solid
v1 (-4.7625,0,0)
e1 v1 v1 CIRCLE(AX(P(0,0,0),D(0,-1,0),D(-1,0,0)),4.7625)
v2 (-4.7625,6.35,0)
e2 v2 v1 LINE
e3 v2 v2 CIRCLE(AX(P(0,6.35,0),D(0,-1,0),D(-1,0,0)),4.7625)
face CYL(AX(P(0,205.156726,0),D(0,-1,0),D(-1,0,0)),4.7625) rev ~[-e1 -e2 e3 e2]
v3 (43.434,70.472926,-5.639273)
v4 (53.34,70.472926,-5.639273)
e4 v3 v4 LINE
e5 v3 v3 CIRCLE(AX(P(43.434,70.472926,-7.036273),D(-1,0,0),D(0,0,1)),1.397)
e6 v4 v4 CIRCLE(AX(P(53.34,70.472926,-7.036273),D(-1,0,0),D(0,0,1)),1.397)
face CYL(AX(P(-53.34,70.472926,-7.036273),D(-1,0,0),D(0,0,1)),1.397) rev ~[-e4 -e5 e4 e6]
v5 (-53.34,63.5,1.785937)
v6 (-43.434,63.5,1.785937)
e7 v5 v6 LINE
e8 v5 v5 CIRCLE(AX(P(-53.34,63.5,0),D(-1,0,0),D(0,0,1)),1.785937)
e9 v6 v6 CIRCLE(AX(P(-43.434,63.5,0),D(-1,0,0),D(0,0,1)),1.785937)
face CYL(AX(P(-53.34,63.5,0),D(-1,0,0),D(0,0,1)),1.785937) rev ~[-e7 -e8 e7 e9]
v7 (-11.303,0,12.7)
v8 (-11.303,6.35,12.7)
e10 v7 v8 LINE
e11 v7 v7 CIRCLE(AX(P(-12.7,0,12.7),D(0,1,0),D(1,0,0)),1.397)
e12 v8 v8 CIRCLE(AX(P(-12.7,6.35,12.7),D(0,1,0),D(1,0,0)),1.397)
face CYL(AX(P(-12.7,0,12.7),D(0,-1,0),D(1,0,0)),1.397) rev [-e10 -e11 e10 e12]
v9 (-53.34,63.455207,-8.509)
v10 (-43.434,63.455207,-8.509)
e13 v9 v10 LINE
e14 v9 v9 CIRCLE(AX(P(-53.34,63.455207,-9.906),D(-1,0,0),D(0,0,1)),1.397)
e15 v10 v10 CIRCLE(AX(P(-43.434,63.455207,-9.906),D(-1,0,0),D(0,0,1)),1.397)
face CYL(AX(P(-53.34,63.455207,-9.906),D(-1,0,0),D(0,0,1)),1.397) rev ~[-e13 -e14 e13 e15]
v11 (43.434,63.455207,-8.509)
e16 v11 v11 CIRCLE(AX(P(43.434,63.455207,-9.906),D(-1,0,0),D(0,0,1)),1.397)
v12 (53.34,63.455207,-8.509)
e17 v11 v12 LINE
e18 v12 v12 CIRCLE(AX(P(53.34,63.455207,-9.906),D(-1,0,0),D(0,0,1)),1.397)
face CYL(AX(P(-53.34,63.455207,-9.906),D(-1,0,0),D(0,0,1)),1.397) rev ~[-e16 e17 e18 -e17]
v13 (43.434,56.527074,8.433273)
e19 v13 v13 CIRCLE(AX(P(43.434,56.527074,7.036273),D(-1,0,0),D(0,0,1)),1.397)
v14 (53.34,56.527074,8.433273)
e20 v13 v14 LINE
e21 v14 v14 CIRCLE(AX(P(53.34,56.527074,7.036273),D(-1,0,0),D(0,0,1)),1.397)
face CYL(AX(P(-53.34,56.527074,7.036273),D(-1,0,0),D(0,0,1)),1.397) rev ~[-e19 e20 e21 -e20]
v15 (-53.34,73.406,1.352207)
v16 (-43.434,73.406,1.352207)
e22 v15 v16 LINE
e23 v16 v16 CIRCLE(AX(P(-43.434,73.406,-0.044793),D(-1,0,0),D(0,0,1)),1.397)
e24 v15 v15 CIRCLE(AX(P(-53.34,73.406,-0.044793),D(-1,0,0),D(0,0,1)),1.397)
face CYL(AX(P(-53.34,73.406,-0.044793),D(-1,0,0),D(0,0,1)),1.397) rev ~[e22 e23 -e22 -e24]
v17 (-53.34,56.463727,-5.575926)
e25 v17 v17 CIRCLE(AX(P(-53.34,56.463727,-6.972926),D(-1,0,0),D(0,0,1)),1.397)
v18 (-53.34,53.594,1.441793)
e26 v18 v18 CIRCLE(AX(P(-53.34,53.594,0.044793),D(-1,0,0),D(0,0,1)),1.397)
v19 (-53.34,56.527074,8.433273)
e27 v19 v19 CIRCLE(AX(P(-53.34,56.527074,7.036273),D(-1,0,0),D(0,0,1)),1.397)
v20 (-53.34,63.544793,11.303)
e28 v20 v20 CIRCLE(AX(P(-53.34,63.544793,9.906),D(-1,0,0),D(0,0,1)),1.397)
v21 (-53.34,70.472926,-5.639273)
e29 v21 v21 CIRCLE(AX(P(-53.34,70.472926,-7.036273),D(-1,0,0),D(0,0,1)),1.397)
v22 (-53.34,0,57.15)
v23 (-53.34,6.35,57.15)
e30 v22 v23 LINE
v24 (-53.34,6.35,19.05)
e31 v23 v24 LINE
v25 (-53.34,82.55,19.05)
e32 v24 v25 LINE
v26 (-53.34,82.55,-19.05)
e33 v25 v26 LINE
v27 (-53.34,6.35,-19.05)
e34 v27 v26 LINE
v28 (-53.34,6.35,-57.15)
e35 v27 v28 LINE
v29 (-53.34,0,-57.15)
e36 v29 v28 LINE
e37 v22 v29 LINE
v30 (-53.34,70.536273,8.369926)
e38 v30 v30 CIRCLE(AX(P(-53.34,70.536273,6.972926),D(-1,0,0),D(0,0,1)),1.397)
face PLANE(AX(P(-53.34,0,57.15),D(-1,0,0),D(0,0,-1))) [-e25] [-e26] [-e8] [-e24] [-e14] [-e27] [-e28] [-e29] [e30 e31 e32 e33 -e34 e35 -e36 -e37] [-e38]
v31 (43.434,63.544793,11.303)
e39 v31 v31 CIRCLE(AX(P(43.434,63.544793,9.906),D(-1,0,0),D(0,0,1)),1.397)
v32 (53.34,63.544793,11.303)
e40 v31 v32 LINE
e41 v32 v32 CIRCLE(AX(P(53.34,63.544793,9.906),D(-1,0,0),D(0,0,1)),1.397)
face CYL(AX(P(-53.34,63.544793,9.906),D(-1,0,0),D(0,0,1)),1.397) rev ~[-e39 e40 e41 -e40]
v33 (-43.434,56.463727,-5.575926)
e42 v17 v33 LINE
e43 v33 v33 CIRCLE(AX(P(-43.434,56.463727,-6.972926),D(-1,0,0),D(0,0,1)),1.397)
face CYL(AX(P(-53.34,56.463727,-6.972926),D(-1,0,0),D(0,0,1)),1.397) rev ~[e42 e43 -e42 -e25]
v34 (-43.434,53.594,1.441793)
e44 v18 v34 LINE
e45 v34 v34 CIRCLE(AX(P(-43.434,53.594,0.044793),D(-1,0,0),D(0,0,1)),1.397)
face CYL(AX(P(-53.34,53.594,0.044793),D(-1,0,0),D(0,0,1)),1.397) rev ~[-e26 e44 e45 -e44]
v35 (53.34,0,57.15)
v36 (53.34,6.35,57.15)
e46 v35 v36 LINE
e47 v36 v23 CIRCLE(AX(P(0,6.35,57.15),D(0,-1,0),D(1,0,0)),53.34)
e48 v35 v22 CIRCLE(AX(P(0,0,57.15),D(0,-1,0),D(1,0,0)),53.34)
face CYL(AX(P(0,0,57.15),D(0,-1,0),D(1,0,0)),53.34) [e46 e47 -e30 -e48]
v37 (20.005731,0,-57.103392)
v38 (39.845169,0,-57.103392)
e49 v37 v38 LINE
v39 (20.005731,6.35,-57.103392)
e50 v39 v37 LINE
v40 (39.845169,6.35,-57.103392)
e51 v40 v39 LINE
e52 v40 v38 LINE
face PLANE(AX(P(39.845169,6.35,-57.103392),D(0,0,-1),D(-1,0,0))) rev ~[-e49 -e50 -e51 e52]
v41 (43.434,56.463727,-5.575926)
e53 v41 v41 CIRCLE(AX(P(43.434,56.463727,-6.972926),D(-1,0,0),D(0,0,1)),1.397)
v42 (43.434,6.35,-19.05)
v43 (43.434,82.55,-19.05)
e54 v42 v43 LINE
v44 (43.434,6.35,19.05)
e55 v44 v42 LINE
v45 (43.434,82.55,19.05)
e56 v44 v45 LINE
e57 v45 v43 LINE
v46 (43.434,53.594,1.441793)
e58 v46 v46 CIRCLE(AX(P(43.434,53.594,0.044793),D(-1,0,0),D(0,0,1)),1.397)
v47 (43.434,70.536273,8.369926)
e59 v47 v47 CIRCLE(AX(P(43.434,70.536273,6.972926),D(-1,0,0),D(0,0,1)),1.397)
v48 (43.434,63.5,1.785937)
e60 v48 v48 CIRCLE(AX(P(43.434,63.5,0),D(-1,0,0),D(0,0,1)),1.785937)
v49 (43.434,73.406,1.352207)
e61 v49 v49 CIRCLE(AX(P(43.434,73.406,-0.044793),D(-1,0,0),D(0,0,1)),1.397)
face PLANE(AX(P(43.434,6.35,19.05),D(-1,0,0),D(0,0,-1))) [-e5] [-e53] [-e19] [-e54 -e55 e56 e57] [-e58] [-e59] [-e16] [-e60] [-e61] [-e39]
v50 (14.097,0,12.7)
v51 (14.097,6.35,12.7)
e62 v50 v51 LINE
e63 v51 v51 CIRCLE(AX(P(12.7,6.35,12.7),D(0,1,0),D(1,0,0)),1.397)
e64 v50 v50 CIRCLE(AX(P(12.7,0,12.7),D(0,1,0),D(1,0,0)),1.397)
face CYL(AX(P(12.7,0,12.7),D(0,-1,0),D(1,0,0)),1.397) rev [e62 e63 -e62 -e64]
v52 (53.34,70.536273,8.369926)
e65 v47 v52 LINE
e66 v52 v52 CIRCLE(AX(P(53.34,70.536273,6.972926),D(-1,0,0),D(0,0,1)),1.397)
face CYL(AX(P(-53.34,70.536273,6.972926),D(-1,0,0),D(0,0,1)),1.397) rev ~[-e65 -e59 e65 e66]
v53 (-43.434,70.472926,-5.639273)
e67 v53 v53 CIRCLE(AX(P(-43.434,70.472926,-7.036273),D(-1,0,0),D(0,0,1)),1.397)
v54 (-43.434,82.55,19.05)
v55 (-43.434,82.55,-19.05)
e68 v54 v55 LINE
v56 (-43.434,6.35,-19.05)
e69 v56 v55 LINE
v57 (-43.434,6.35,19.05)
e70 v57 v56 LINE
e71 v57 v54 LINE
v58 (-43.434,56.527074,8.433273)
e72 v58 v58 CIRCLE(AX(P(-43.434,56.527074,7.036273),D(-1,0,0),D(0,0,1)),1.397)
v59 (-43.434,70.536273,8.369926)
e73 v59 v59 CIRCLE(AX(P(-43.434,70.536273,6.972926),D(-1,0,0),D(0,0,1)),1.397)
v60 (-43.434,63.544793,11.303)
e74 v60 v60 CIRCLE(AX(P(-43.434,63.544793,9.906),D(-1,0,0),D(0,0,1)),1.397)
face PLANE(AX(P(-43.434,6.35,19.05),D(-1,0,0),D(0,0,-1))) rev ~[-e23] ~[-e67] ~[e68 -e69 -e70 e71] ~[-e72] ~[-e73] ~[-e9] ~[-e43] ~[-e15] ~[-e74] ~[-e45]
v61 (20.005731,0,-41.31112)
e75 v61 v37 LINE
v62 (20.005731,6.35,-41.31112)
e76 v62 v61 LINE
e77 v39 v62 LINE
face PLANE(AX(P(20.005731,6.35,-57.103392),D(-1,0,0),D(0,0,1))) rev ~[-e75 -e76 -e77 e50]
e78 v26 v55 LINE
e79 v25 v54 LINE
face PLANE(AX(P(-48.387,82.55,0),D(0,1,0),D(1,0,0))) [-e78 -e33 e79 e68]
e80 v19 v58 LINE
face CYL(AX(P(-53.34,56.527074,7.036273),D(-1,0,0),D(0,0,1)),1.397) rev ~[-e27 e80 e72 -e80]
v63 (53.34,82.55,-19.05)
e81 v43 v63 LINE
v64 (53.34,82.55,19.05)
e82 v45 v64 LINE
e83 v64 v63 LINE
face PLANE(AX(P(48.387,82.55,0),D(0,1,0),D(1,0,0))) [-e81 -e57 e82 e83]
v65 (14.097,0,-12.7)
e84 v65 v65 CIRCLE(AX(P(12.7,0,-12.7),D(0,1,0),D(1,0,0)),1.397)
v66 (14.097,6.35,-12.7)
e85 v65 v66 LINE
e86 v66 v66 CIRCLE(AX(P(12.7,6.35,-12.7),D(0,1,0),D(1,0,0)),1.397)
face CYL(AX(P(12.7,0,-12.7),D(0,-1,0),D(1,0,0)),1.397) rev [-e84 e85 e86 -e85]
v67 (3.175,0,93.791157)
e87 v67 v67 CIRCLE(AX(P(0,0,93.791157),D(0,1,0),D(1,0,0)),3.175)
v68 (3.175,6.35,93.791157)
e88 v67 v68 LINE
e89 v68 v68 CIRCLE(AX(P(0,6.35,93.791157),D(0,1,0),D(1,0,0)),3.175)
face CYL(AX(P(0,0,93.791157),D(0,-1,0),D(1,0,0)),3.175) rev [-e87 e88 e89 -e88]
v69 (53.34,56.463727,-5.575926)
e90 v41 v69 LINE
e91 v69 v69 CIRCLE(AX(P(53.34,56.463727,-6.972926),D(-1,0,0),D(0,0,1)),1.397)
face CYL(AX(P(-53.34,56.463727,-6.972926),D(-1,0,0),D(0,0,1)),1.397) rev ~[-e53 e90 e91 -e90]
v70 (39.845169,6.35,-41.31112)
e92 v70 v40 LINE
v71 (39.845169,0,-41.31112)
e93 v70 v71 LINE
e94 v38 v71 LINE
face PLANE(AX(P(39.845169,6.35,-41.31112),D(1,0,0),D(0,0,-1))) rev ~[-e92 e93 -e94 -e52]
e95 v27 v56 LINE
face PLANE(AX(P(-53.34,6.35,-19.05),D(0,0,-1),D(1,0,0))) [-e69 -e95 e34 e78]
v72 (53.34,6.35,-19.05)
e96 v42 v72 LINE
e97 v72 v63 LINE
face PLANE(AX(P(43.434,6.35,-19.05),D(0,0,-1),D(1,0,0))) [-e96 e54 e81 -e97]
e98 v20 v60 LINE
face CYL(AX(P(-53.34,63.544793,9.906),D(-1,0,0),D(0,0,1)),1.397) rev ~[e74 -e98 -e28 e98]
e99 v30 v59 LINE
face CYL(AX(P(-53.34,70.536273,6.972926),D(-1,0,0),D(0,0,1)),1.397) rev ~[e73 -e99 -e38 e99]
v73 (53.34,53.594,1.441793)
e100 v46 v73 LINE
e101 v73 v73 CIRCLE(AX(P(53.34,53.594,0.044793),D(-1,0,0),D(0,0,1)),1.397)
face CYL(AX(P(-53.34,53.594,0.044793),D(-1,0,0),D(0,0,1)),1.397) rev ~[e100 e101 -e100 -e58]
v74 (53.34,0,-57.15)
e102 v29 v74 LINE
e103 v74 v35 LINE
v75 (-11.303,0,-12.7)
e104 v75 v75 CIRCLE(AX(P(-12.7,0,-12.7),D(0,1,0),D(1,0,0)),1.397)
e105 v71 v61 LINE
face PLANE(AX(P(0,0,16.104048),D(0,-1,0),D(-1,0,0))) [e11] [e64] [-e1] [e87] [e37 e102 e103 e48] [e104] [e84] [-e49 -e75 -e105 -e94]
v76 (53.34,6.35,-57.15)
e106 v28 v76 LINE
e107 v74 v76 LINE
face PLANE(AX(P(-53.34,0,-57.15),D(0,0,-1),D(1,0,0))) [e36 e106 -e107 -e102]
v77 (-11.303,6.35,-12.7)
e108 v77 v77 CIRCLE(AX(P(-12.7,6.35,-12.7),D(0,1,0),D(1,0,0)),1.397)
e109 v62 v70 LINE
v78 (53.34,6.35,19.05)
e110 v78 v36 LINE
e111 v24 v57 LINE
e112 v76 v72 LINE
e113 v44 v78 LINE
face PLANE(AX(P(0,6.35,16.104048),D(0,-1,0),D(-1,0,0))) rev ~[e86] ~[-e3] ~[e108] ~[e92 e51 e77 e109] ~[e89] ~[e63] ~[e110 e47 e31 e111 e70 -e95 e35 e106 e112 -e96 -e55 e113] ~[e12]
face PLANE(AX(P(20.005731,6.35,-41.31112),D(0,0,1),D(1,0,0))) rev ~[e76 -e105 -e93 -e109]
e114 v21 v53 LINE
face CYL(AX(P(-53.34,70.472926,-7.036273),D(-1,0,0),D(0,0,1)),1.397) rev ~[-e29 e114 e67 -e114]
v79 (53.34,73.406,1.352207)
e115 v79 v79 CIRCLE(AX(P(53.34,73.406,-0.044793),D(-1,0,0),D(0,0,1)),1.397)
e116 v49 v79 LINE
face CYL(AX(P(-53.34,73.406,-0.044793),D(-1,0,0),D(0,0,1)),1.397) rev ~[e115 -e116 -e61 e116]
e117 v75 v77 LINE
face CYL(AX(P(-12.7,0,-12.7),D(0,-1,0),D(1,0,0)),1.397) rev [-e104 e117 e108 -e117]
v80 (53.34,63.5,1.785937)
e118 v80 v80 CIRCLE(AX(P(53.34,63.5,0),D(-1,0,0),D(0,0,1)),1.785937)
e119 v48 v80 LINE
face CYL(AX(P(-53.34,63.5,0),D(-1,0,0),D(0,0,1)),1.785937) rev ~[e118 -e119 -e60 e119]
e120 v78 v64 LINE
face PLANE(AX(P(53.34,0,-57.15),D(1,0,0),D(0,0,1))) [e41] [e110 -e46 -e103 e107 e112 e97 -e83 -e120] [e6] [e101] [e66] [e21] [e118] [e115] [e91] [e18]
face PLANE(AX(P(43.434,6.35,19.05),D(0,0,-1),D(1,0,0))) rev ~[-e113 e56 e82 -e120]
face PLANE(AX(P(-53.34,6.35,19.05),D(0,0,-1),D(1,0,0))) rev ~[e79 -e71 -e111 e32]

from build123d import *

# Parameters (mm, degrees)
SKETCH1_R                    = 4.572
SKETCH1_R_2                  = 1.397
SKETCH1_R_3                  = 3.175
BOSS_EXTRUDE1_DEPTH          = 6.35
F_3_8_0_375_DIAMETER_SLOT1_D = 9.525
SKETCH6_W                    = 9.906
SKETCH6_H                    = 38.1
BOSS_EXTRUDE2_DEPTH          = 76.2
SKETCH7_R                    = 1.397
SKETCH7_R_2                  = 1.7859375
CUT_EXTRUDE1_DEPTH           = 107.68
CUT_EXTRUDE2_DEPTH           = 10.16


with BuildPart() as part:
    # Sketch1 → Boss-Extrude1 (new body)
    with BuildSketch(Plane(origin=(0, 0, 0), x_dir=(1, 0, 0), z_dir=(0, 1, 0))):
        with BuildLine():
            Line((-53.34, 57.15), (53.34, 57.15))
            Line((53.34, 57.15), (53.34, -57.15))
            ThreePointArc((53.34, -57.15), (0, -110.49), (-53.34, -57.15))
            Line((-53.34, -57.15), (-53.34, 57.15))
        make_face()
        Circle(SKETCH1_R, mode=Mode.SUBTRACT)
        with Locations((-12.7, -12.7)):
            Circle(SKETCH1_R_2, mode=Mode.SUBTRACT)
        with Locations((-12.7, 12.7)):
            Circle(SKETCH1_R_2, mode=Mode.SUBTRACT)
        with Locations((12.7, 12.7)):
            Circle(SKETCH1_R_2, mode=Mode.SUBTRACT)
        with Locations((12.7, -12.7)):
            Circle(SKETCH1_R_2, mode=Mode.SUBTRACT)
        with Locations((0, -93.791156658)):
            Circle(SKETCH1_R_3, mode=Mode.SUBTRACT)
    extrude(amount=BOSS_EXTRUDE1_DEPTH)

    # 3/8 (0.375) Diameter Slot1 (through all)
    with Locations(Plane(origin=(0, 6.35, 0), x_dir=(1, 0, 0), z_dir=(0, 1, 0))):
        with Locations((0, 0)):
            Hole(F_3_8_0_375_DIAMETER_SLOT1_D / 2)

    # Sketch6 → Boss-Extrude2 (add)
    with BuildSketch(Plane(origin=(0, 6.35, 0), x_dir=(1, 0, 0), z_dir=(0, 1, 0))):
        with Locations((-48.387, 0)):
            Rectangle(SKETCH6_W, SKETCH6_H)
        with Locations((48.387, 0)):
            Rectangle(SKETCH6_W, SKETCH6_H)
    extrude(amount=BOSS_EXTRUDE2_DEPTH)

    # Sketch7 → Cut-Extrude1 (cut, through all)
    with BuildSketch(Plane.ZY.offset(53.34)):
        with Locations((-9.906, 63.455207007)):
            Circle(SKETCH7_R)
        with Locations((0, 63.5)):
            Circle(SKETCH7_R_2)
        with Locations((-7.036273203, 70.472926346)):
            Circle(SKETCH7_R)
        with Locations((-0.044792993, 73.406)):
            Circle(SKETCH7_R)
        with Locations((6.972926346, 70.536273203)):
            Circle(SKETCH7_R)
        with Locations((9.906, 63.544792993)):
            Circle(SKETCH7_R)
        with Locations((7.036273203, 56.527073654)):
            Circle(SKETCH7_R)
        with Locations((0.044792993, 53.594)):
            Circle(SKETCH7_R)
        with Locations((-6.972926346, 56.463726797)):
            Circle(SKETCH7_R)
    extrude(amount=-CUT_EXTRUDE1_DEPTH, mode=Mode.SUBTRACT)

    # Sketch8 → Cut-Extrude2 (cut)
    with BuildSketch(Plane(origin=(0, 6.35, 0), x_dir=(1, 0, 0), z_dir=(0, 1, 0))):
        Polygon((29.925449695, 49.207255953), (20.005730679, 57.103391791), (20.005730679, 41.311120115), align=None)
        Polygon((29.925449695, 49.207255953), (20.005730679, 41.311120115), (39.84516871, 41.311120115), align=None)
        Polygon((39.84516871, 41.311120115), (39.84516871, 57.103391791), (29.925449695, 49.207255953), align=None)
        Polygon((39.84516871, 57.103391791), (20.005730679, 57.103391791), (29.925449695, 49.207255953), align=None)
    extrude(amount=-CUT_EXTRUDE2_DEPTH, mode=Mode.SUBTRACT)


solid = part.part
